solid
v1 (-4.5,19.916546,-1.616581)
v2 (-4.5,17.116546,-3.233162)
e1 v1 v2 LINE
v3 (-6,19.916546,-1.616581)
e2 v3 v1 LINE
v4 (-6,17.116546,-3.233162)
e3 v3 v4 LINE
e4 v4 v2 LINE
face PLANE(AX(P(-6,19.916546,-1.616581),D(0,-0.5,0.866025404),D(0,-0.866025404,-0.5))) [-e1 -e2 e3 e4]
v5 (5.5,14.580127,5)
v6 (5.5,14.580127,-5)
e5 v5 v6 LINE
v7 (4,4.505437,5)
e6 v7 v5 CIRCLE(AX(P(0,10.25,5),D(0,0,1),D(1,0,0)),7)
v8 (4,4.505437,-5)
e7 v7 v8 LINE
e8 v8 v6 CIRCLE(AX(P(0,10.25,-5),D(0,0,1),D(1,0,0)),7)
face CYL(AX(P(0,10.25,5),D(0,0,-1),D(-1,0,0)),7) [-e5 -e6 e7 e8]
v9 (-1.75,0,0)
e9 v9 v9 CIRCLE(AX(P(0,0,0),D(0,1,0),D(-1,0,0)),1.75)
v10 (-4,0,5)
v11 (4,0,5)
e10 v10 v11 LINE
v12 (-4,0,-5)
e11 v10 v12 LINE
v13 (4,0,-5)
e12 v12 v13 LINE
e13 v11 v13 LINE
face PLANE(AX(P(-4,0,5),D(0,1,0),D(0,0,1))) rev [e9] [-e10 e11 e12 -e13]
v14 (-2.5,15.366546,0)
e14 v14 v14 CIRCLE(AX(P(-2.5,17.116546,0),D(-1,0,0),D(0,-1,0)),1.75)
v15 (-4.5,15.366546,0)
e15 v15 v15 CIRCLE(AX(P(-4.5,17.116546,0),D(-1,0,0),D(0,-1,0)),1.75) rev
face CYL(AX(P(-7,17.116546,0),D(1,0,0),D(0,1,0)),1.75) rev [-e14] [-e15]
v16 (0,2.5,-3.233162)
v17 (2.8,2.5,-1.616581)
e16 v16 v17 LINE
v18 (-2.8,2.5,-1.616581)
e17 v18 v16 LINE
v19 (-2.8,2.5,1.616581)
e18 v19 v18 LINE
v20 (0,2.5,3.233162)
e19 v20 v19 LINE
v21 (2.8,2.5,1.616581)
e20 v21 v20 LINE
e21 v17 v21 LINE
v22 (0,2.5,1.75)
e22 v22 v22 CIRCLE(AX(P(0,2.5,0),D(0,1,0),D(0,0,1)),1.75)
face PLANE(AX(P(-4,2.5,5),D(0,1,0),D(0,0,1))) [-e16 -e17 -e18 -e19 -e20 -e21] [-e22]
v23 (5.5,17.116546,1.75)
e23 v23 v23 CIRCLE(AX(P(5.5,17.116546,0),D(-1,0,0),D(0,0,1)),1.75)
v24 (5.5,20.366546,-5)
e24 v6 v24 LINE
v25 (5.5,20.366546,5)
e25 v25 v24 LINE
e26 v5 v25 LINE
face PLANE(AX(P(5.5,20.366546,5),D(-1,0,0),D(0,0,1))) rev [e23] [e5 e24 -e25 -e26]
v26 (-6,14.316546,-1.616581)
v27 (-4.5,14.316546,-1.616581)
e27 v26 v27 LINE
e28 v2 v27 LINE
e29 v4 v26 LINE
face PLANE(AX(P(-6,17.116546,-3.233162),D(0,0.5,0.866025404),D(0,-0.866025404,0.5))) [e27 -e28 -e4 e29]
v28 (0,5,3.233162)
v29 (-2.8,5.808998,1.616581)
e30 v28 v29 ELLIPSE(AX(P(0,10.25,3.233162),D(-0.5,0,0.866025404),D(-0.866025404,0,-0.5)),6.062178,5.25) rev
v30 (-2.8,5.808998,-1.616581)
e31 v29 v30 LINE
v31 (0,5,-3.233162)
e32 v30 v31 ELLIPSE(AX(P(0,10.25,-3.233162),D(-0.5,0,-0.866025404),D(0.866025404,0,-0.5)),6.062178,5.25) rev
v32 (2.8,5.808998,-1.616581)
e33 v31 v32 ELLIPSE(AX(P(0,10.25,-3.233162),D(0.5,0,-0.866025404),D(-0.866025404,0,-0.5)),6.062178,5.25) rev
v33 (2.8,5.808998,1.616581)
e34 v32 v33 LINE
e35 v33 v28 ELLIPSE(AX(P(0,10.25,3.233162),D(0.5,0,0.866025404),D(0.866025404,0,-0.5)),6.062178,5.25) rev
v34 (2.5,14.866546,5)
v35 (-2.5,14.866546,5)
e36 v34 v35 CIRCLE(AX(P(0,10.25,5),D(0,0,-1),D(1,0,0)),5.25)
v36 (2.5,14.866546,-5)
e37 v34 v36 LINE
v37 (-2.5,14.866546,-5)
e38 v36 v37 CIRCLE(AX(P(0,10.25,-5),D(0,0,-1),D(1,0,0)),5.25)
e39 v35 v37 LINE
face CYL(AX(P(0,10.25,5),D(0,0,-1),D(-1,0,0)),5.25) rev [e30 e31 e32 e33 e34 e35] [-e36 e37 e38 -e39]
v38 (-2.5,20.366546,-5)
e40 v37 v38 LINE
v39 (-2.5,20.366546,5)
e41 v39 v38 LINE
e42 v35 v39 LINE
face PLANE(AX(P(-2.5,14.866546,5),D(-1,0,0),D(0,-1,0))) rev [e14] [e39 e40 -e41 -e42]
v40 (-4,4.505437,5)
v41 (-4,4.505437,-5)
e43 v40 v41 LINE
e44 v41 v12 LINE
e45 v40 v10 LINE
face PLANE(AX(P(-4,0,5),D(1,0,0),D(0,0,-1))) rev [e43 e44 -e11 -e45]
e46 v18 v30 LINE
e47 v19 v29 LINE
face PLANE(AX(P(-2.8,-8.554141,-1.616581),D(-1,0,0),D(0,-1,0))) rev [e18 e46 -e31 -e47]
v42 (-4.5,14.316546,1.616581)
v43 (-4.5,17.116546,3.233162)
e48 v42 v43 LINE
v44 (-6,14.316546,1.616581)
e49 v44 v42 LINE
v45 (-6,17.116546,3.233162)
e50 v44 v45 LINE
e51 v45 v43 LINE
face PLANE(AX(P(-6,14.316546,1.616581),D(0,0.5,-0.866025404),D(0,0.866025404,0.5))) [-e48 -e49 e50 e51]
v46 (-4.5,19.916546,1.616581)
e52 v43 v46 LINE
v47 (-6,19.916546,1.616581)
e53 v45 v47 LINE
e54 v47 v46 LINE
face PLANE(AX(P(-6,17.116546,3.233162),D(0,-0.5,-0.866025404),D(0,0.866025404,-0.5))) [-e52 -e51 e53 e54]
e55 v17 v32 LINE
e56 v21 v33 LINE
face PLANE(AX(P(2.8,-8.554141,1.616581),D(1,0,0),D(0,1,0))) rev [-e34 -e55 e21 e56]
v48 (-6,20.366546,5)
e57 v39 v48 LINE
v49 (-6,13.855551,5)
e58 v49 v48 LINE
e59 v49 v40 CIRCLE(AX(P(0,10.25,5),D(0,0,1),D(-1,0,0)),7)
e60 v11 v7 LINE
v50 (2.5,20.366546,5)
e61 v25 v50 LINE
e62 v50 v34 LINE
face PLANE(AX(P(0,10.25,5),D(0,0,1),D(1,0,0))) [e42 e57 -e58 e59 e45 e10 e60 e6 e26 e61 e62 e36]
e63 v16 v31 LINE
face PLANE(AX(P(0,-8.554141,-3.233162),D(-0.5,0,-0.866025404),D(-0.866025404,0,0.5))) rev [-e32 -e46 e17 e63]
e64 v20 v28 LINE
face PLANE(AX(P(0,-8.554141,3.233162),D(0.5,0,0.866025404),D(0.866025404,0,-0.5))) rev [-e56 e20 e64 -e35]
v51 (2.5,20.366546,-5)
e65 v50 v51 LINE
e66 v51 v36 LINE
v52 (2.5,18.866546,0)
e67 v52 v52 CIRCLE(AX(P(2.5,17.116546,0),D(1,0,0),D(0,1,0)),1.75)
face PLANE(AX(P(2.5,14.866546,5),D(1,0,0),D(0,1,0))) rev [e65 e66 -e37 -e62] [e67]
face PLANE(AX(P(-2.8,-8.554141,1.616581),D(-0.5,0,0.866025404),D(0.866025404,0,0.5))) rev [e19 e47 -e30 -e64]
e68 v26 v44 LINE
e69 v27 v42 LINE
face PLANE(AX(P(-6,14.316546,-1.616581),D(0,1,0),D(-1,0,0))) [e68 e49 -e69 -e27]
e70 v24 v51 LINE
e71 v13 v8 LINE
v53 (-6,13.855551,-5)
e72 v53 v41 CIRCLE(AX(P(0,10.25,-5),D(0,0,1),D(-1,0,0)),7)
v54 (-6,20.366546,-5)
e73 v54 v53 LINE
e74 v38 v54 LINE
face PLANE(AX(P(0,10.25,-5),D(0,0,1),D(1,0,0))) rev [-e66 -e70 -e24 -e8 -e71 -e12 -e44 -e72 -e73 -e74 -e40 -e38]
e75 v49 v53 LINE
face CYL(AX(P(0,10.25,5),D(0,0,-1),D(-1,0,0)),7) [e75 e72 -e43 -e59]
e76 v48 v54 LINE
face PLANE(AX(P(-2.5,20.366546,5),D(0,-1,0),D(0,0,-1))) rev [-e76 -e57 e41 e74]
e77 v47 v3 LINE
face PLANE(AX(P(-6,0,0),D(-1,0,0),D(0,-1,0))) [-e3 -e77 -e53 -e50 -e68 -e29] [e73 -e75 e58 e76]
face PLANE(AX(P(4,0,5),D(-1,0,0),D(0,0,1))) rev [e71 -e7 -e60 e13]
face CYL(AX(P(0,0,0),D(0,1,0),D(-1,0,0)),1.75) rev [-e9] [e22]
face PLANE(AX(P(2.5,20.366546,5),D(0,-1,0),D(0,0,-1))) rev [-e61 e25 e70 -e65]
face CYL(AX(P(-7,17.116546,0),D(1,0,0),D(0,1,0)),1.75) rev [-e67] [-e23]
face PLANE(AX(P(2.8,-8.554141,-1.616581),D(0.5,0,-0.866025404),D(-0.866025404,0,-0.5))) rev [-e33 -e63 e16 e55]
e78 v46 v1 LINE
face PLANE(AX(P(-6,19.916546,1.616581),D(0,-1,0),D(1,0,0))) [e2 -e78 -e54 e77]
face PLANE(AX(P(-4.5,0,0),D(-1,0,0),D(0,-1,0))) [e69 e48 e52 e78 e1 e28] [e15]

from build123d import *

# Parameters (mm, degrees)
RESSALTO_EXTRUS_O1_DEPTH   = 5
CORTE_EXTRUS_O1_START      = -10
CORTE_EXTRUS_O1_DEPTH      = 7.866546
ESBO_O4_R                  = 1.75
CORTE_EXTRUS_O2_DEPTH      = 21.366546328
ESBO_O5_R                  = 1.75
CORTE_EXTRUS_O3_DEPTH      = 2.5
CORTE_EXTRUS_O3_DEPTH_BACK = 13.5
ESBO_O6_W                  = 10
ESBO_O6_H                  = 7.25
RESSALTO_EXTRUS_O2_DEPTH   = 0.5
ESBO_O6_2_R                = 1.75
CORTE_EXTRUS_O4_DEPTH      = 1.5
CORTE_EXTRUS_O4_DEPTH_BACK = 1


with BuildPart() as part:
    # Esboço1 → Ressalto-extrusão1 (new body, symmetric)
    with BuildSketch(Plane.XY):
        with BuildLine():
            Line((-4, 0), (4, 0))
            Line((4, 0), (4, 4.505437353))
            ThreePointArc((4, 4.505437353), (6.923679872, 9.219147423), (5.5, 14.580127019))
            Line((5.5, 14.580127019), (5.5, 20.366546328))
            Line((5.5, 20.366546328), (2.5, 20.366546328))
            Line((2.5, 20.366546328), (2.5, 14.866546328))
            ThreePointArc((2.5, 14.866546328), (0, 5), (-2.5, 14.866546328))
            Line((-2.5, 14.866546328), (-2.5, 20.366546328))
            Line((-2.5, 20.366546328), (-5.5, 20.366546328))
            Line((-5.5, 20.366546328), (-5.5, 14.580127019))
            ThreePointArc((-5.5, 14.580127019), (-6.923679872, 9.219147423), (-4, 4.505437353))
            Line((-4, 4.505437353), (-4, 0))
        make_face()
    extrude(amount=RESSALTO_EXTRUS_O1_DEPTH, both=True)

    # Esboço3 → Corte-extrusão1 (cut)
    with BuildSketch(Plane(origin=(0, 20.366546328, 0), x_dir=(1, 0, 0), z_dir=(0, 1, 0)).offset(CORTE_EXTRUS_O1_START)):
        Polygon((0, 3.233161507), (-2.8, 1.616580754), (-2.8, -1.616580754), (0, -3.233161507), (2.8, -1.616580754), (2.8, 1.616580754), align=None)
    extrude(amount=-CORTE_EXTRUS_O1_DEPTH, mode=Mode.SUBTRACT)

    # Esboço4 → Corte-extrusão2 (cut, through all)
    with BuildSketch(Plane(origin=(0, 20.366546328, 0), x_dir=(1, 0, 0), z_dir=(0, 1, 0))):
        Circle(ESBO_O4_R)
    extrude(amount=-CORTE_EXTRUS_O2_DEPTH, mode=Mode.SUBTRACT)

    # Esboço5 → Corte-extrusão3 (cut, two sides)
    with BuildSketch(Plane(origin=(5.5, 0, 0), x_dir=(0, 0, -1), z_dir=(1, 0, 0))) as corte_extrus_o3_sk:
        with Locations((0, 17.116546328)):
            Circle(ESBO_O5_R)
    extrude(amount=CORTE_EXTRUS_O3_DEPTH, mode=Mode.SUBTRACT)
    extrude(corte_extrus_o3_sk.sketch, amount=-CORTE_EXTRUS_O3_DEPTH_BACK, mode=Mode.SUBTRACT)

    # Esboço6 → Ressalto-extrusão2 (add)
    with BuildSketch(Plane.ZY.offset(5.5)):
        with Locations((0, 16.741546328)):
            Rectangle(ESBO_O6_W, ESBO_O6_H)
        Polygon((3.233161507, 17.116546328), (1.616580754, 19.916546328), (-1.616580754, 19.916546328), (-3.233161507, 17.116546328), (-1.616580754, 14.316546328), (1.616580754, 14.316546328), align=None, mode=Mode.SUBTRACT)
    extrude(amount=RESSALTO_EXTRUS_O2_DEPTH)

    # Esboço6<2> → Corte-extrusão4 (cut, two sides)
    with BuildSketch(Plane.ZY.offset(5.5)) as corte_extrus_o4_sk:
        Polygon((-3.233161507, 17.116546328), (-1.768759136, 14.580127019), (1.768759136, 14.580127019), (3.233161507, 17.116546328), (1.616580754, 19.916546328), (-1.616580754, 19.916546328), align=None)
        with Locations((0, 17.116546328)):
            Circle(ESBO_O6_2_R, mode=Mode.SUBTRACT)
        Polygon((1.768759136, 14.580127019), (-1.768759136, 14.580127019), (-1.616580754, 14.316546328), (1.616580754, 14.316546328), align=None)
    extrude(amount=CORTE_EXTRUS_O4_DEPTH, mode=Mode.SUBTRACT)
    extrude(corte_extrus_o4_sk.sketch, amount=-CORTE_EXTRUS_O4_DEPTH_BACK, mode=Mode.SUBTRACT)


solid = part.part
